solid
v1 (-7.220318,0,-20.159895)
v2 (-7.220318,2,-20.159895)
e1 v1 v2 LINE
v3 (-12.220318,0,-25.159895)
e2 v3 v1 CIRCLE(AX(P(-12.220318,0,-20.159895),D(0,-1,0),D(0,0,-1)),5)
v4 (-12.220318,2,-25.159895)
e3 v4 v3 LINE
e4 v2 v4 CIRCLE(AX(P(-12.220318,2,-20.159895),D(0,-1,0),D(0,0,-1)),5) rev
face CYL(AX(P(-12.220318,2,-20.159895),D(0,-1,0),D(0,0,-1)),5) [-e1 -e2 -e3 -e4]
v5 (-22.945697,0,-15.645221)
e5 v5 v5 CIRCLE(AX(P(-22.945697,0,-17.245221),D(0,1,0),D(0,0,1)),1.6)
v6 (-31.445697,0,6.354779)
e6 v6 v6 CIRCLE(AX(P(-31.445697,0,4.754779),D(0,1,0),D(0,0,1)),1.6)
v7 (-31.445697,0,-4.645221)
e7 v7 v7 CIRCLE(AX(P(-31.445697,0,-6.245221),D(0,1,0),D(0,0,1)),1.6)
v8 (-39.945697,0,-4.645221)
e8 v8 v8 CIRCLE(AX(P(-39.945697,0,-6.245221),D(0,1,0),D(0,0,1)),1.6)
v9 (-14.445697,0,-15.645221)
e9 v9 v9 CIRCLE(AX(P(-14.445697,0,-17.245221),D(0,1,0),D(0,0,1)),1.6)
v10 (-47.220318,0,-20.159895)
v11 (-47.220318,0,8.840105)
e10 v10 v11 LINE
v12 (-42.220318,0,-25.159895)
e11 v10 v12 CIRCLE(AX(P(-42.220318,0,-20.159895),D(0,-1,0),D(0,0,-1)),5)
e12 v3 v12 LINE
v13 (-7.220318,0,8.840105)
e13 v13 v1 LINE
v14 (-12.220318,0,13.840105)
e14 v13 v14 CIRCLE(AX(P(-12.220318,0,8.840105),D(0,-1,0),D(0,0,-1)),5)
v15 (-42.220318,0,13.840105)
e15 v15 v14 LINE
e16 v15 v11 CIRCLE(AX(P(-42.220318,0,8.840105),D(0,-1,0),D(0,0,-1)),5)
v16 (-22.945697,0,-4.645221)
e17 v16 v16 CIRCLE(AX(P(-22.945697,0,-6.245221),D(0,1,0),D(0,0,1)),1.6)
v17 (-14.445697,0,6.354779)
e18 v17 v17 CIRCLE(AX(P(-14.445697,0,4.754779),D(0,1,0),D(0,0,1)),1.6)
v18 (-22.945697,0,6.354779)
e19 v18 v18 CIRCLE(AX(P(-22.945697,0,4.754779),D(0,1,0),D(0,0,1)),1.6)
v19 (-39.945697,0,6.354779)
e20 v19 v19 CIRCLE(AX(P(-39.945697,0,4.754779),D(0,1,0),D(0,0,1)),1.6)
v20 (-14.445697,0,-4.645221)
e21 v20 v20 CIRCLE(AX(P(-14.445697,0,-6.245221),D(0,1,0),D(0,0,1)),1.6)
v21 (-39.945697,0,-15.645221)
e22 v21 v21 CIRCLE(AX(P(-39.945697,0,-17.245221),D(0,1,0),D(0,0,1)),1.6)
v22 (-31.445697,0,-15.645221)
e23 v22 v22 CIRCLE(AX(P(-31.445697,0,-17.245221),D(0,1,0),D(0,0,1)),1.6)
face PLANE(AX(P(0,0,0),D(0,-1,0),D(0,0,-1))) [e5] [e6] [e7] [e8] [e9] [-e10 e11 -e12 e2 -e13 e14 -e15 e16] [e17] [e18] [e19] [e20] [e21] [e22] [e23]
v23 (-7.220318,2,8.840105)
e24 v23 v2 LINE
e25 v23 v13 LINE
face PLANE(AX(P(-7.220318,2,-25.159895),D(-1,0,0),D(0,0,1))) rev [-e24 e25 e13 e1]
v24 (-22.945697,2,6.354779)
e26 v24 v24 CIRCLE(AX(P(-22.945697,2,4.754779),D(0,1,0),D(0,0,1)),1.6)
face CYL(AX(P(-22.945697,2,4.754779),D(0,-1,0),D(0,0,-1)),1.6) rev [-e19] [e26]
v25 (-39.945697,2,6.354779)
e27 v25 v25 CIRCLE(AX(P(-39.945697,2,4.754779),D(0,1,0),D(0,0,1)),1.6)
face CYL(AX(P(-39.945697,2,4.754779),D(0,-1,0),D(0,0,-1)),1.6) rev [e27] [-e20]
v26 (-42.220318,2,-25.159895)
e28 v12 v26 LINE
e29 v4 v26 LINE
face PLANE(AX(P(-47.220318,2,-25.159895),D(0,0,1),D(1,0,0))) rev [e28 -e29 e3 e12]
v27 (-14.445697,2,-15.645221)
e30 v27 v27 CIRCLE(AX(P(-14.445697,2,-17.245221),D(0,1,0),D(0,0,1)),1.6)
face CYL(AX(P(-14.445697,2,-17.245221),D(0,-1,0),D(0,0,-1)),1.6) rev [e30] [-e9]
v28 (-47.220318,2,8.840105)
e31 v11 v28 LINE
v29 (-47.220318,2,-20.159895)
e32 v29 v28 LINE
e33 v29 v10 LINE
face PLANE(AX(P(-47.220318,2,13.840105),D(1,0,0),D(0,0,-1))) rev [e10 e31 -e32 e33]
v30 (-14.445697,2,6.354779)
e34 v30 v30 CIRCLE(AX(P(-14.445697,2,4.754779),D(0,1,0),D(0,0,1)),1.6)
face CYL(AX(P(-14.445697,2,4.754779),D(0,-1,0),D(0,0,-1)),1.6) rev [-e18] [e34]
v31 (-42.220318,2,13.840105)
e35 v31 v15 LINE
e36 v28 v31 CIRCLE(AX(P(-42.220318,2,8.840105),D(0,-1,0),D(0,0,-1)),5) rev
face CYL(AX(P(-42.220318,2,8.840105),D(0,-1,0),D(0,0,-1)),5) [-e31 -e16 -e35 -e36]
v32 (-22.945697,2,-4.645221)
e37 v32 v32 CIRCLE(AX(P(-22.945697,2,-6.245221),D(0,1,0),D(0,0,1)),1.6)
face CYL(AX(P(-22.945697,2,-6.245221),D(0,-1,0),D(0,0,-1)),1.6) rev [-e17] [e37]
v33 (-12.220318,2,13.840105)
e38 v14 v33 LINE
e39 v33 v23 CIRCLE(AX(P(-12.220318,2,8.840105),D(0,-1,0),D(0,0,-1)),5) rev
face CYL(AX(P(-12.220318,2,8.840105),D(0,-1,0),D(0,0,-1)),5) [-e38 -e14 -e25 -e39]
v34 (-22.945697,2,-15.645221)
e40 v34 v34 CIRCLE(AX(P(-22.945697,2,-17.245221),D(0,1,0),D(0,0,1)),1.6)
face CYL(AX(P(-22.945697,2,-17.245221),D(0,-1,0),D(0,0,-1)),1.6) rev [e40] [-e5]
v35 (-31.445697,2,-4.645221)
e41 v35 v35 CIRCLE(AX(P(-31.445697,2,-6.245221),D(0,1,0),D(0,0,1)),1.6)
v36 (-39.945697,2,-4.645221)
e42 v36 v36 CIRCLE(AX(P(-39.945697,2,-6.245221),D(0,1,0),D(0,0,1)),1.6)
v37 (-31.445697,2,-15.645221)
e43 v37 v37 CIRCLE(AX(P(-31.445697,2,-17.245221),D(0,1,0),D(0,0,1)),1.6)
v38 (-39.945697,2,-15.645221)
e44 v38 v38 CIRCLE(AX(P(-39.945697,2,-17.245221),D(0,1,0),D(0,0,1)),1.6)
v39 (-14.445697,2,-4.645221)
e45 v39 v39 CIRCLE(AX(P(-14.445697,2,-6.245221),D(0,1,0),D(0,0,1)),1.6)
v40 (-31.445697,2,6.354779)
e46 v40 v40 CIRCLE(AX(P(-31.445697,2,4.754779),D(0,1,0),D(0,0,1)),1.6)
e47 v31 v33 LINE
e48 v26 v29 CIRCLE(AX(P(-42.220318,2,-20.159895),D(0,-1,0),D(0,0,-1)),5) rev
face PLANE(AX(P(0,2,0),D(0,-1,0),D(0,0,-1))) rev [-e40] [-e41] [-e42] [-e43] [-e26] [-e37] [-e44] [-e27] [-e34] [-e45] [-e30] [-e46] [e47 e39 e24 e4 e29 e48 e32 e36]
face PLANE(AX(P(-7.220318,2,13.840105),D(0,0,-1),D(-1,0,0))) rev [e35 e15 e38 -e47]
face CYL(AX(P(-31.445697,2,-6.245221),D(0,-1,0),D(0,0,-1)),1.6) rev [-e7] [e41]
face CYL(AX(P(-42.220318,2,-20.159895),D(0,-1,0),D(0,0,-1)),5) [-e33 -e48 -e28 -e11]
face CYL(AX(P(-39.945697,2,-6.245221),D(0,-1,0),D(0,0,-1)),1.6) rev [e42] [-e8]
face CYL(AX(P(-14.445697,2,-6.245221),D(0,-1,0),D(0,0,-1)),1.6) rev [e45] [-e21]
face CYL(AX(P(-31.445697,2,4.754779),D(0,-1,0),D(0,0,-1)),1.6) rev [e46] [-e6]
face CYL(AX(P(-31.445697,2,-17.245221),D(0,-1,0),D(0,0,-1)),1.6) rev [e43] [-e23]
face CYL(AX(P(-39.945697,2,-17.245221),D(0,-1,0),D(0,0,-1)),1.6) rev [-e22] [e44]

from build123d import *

# Parameters (mm, degrees)
SKETCH1_W           = 40
SKETCH1_H           = 39
SKETCH1_R           = 1.6
BOSS_EXTRUDE1_DEPTH = 2
FILLET1_R           = 5


with BuildPart() as part:
    # Sketch1 → Boss-Extrude1 (new body)
    with BuildSketch(Plane(origin=(0, 0, 0), x_dir=(1, 0, 0), z_dir=(0, 1, 0))):
        with Locations((-27.220317874, 5.659894507)):
            Rectangle(SKETCH1_W, SKETCH1_H)
        with Locations(Location((-14.44569719, 17.245220733, 0), (0, 0, 270))):
            Circle(SKETCH1_R, mode=Mode.SUBTRACT)
        with Locations(Location((-14.44569719, 6.245220733, 0), (0, 0, 270))):
            Circle(SKETCH1_R, mode=Mode.SUBTRACT)
        with Locations(Location((-14.44569719, -4.754779267, 0), (0, 0, 270))):
            Circle(SKETCH1_R, mode=Mode.SUBTRACT)
        with Locations(Location((-22.94569719, 17.245220733, 0), (0, 0, 270))):
            Circle(SKETCH1_R, mode=Mode.SUBTRACT)
        with Locations(Location((-22.94569719, 6.245220733, 0), (0, 0, 270))):
            Circle(SKETCH1_R, mode=Mode.SUBTRACT)
        with Locations(Location((-22.94569719, -4.754779267, 0), (0, 0, 270))):
            Circle(SKETCH1_R, mode=Mode.SUBTRACT)
        with Locations(Location((-31.44569719, 17.245220733, 0), (0, 0, 270))):
            Circle(SKETCH1_R, mode=Mode.SUBTRACT)
        with Locations(Location((-31.44569719, 6.245220733, 0), (0, 0, 270))):
            Circle(SKETCH1_R, mode=Mode.SUBTRACT)
        with Locations(Location((-31.44569719, -4.754779267, 0), (0, 0, 270))):
            Circle(SKETCH1_R, mode=Mode.SUBTRACT)
        with Locations(Location((-39.94569719, 17.245220733, 0), (0, 0, 270))):
            Circle(SKETCH1_R, mode=Mode.SUBTRACT)
        with Locations(Location((-39.94569719, 6.245220733, 0), (0, 0, 270))):
            Circle(SKETCH1_R, mode=Mode.SUBTRACT)
        with Locations(Location((-39.94569719, -4.754779267, 0), (0, 0, 270))):
            Circle(SKETCH1_R, mode=Mode.SUBTRACT)
    extrude(amount=BOSS_EXTRUDE1_DEPTH)

    # Fillet1
    fillet1_edges = [part.edges().sort_by_distance(p)[0] for p in [
        (-47.220317874, 1, -25.159894507),
        (-7.220317874, 1, -25.159894507),
        (-7.220317874, 1, 13.840105493),
        (-47.220317874, 1, 13.840105493),
    ]]
    fillet(fillet1_edges, radius=FILLET1_R)


solid = part.part
